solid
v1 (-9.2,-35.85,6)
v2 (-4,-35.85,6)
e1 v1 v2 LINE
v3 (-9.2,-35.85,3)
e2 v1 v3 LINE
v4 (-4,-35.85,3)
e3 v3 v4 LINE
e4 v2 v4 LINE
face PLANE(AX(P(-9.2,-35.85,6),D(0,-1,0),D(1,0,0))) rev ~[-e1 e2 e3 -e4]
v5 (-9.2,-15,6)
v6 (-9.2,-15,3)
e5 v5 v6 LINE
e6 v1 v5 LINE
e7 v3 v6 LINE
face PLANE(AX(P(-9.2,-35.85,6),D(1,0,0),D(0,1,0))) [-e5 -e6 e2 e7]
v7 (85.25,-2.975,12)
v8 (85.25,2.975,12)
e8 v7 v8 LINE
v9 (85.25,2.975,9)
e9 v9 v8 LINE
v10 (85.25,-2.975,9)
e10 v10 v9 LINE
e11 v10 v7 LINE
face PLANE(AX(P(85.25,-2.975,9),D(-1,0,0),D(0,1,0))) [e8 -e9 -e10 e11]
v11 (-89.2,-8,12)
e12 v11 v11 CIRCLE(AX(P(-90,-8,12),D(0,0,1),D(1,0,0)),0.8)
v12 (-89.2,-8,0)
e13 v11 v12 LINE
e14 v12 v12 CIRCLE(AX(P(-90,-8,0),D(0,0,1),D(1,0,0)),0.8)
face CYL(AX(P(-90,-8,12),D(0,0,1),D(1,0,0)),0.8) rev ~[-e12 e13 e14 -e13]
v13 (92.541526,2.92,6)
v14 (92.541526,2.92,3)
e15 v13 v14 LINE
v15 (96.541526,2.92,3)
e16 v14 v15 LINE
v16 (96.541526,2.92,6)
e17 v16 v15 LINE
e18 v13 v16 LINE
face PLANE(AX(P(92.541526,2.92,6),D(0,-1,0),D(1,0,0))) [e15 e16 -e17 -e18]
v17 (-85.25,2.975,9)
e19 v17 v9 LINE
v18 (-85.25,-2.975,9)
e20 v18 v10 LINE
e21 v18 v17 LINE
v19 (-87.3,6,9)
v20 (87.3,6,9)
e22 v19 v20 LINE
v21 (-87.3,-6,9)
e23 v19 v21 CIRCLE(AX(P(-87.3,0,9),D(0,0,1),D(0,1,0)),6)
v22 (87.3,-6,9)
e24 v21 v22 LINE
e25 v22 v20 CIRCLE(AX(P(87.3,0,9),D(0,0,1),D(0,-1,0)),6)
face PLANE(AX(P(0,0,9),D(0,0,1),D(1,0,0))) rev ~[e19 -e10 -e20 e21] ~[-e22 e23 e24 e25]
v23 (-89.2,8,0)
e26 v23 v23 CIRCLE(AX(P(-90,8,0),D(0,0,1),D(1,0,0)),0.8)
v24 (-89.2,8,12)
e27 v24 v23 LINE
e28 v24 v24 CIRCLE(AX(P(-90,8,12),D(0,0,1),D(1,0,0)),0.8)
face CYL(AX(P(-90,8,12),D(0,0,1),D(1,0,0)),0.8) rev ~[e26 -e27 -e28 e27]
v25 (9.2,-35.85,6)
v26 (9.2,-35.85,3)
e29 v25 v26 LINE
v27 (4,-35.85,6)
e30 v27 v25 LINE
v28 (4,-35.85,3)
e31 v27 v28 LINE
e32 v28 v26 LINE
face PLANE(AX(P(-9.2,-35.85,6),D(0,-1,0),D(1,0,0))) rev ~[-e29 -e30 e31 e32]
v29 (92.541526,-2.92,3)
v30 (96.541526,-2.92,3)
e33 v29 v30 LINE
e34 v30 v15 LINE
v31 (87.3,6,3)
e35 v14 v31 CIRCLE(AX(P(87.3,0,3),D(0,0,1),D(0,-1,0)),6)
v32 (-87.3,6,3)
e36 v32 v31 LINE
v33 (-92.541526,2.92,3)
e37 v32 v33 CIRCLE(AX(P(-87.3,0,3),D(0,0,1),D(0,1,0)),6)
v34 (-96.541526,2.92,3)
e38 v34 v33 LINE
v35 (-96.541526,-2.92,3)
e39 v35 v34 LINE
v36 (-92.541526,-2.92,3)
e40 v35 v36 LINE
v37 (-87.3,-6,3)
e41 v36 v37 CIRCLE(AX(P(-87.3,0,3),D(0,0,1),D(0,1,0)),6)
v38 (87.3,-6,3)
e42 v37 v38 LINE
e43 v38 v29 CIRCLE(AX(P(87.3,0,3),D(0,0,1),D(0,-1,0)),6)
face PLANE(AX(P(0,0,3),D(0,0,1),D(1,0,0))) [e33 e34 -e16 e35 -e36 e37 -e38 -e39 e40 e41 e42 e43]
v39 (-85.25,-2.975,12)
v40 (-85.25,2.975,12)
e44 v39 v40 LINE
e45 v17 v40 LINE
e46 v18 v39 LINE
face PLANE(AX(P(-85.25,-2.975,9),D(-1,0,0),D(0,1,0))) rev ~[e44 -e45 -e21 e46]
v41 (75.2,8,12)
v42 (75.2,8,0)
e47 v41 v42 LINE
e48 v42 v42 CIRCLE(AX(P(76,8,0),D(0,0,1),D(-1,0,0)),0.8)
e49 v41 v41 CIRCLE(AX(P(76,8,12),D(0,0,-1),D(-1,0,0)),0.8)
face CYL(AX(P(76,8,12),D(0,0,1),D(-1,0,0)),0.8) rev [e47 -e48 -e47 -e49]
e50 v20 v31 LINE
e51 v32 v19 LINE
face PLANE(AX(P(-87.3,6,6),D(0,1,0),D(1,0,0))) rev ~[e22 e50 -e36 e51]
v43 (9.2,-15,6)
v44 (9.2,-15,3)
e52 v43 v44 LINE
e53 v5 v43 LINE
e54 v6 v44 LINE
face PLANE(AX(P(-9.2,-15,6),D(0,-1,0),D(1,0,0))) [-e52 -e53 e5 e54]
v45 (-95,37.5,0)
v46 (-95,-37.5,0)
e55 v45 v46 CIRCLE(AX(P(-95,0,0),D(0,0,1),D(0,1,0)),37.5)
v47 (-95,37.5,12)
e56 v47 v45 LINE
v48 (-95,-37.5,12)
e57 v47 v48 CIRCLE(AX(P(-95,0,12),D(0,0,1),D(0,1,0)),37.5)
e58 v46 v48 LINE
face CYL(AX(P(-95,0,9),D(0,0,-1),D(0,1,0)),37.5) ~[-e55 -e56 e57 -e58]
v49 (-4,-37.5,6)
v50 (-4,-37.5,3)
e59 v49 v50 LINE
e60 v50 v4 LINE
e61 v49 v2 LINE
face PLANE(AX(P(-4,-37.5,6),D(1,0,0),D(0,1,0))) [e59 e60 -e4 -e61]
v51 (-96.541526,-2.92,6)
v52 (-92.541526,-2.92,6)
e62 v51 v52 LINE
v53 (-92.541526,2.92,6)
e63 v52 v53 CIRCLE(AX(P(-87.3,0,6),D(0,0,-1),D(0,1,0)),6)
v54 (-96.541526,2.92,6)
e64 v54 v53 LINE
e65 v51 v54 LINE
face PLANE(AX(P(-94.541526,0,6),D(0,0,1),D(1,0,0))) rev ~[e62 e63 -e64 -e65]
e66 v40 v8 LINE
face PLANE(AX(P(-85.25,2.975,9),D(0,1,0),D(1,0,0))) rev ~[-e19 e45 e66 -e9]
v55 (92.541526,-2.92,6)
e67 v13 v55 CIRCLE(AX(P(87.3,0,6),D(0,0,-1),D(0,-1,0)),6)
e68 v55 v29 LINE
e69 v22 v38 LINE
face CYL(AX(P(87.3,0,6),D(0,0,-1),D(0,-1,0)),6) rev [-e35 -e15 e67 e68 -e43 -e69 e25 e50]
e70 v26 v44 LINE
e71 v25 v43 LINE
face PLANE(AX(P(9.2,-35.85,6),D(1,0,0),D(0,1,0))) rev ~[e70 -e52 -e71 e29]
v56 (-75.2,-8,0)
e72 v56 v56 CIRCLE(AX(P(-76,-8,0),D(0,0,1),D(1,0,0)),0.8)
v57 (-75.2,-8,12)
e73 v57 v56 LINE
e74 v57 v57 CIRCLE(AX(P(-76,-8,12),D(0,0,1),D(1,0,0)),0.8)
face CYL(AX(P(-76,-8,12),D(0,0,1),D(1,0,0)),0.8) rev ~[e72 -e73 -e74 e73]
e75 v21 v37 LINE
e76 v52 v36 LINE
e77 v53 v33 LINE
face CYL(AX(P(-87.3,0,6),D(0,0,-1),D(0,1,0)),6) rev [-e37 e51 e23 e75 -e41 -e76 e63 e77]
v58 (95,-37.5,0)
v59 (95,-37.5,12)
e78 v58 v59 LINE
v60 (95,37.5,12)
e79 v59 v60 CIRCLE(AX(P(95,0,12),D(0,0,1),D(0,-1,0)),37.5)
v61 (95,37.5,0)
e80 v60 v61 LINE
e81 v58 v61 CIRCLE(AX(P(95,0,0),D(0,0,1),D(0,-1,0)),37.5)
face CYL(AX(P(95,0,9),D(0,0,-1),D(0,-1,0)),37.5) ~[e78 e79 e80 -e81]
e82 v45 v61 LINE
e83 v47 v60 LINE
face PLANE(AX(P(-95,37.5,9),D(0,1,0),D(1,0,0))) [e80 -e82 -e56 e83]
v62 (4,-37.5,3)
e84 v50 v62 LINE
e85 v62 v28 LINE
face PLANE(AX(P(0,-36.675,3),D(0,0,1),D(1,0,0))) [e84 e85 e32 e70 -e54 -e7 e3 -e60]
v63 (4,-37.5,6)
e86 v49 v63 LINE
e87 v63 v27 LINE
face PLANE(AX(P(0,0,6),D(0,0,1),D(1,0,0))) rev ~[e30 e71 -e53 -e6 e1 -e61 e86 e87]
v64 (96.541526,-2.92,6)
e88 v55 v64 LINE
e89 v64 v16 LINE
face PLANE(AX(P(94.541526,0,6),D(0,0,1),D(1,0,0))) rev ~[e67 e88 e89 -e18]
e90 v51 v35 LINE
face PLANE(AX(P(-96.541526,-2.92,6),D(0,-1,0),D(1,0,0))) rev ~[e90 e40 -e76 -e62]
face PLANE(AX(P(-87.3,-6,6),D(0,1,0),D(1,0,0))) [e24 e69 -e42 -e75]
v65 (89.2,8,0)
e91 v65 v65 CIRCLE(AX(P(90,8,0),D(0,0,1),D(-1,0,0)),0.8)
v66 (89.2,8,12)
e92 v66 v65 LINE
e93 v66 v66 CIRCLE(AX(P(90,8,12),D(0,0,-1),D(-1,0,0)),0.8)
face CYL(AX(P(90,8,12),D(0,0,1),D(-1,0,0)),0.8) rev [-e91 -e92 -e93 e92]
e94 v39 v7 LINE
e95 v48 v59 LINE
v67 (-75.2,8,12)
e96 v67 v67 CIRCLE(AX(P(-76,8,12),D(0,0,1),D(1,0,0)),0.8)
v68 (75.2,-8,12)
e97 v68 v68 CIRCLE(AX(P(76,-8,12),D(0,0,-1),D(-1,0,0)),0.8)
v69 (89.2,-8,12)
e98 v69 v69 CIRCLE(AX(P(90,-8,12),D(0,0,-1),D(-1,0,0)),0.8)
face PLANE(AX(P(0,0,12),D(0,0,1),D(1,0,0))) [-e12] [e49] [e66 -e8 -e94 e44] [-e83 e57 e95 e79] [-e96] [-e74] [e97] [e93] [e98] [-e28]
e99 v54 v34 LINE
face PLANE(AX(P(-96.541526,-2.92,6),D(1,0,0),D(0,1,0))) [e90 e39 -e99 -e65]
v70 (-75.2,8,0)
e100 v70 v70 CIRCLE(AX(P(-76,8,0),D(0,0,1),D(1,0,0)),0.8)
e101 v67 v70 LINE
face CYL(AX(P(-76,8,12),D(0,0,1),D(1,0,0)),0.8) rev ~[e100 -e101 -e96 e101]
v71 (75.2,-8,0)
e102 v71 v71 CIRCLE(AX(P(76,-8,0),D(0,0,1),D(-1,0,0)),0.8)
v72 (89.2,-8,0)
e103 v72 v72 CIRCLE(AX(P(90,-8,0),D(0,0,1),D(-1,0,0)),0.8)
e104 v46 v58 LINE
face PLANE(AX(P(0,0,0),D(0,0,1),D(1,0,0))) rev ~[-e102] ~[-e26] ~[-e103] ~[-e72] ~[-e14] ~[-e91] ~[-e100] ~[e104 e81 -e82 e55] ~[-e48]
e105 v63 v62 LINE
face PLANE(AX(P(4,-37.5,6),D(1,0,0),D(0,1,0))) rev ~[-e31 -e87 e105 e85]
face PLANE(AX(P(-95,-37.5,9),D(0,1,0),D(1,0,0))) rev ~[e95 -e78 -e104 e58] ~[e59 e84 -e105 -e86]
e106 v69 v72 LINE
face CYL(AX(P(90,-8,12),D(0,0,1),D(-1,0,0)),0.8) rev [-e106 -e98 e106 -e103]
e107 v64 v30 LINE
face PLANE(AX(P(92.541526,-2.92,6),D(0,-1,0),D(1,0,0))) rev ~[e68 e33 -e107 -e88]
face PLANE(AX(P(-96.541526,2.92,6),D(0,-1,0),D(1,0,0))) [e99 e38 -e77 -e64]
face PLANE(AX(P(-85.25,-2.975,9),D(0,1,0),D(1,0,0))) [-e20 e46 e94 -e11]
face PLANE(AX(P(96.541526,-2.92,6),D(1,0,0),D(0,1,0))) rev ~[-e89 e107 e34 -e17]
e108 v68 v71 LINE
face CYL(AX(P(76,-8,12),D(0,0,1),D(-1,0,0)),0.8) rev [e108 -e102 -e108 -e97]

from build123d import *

# Parameters (mm, degrees)
PAD_DEPTH       = 6
POCKET_DEPTH    = 3
SKETCH002_W     = 18.4
SKETCH002_H     = 20.85
POCKET001_DEPTH = 3
SKETCH003_W     = 8
SKETCH003_H     = 1.65
POCKET002_DEPTH = 3
PAD001_DEPTH    = 3
SKETCH005_W     = 170.5
SKETCH005_H     = 5.95
PAD002_DEPTH    = 3
SKETCH007_R     = 0.8
POCKET003_DEPTH = 563.341185
SKETCH008_W     = 4
SKETCH008_H     = 5.84
POCKET004_DEPTH = 3


with BuildPart() as part:
    # Sketch → Pad (new body)
    with BuildSketch(Plane.XY):
        with BuildLine():
            ThreePointArc((-95, 37.5), (-132.5, 0), (-95, -37.5))
            Line((-95, -37.5), (95, -37.5))
            ThreePointArc((95, -37.5), (132.5, 0), (95, 37.5))
            Line((-95, 37.5), (95, 37.5))
        make_face()
    extrude(amount=PAD_DEPTH)

    # Sketch001 (on Face6 of Pad) → Pocket (cut)
    with BuildSketch(Plane.XY.offset(6)):
        with BuildLine():
            ThreePointArc((-87.3, 6), (-93.3, 0), (-87.3, -6))
            Line((-87.3, -6), (87.3, -6))
            ThreePointArc((87.3, -6), (93.3, 0), (87.3, 6))
            Line((-87.3, 6), (87.3, 6))
        make_face()
    extrude(amount=-POCKET_DEPTH, mode=Mode.SUBTRACT)

    # Sketch002 (on Face5 of Pocket) → Pocket001 (cut)
    with BuildSketch(Plane.XY.offset(6)):
        with Locations((0, -25.425)):
            Rectangle(SKETCH002_W, SKETCH002_H)
    extrude(amount=-POCKET001_DEPTH, mode=Mode.SUBTRACT)

    # Sketch003 (on Face5 of Pocket001) → Pocket002 (cut)
    with BuildSketch(Plane.XY.offset(6)):
        with Locations((0, -36.675)):
            Rectangle(SKETCH003_W, SKETCH003_H)
    extrude(amount=-POCKET002_DEPTH, mode=Mode.SUBTRACT)

    # Sketch004 (on Face5 of Pocket002) → Pad001 (join)
    with BuildSketch(Plane.XY.offset(6)):
        with BuildLine():
            ThreePointArc((-95, 37.5), (-132.5, 0), (-95, -37.5))
            Line((-95, -37.5), (95, -37.5))
            ThreePointArc((95, -37.5), (132.5, 0), (95, 37.5))
            Line((-95, 37.5), (95, 37.5))
        make_face()
        with BuildLine():
            ThreePointArc((-87.3, 6), (-93.3, 0), (-87.3, -6))
            Line((-87.3, -6), (87.3, -6))
            ThreePointArc((87.3, -6), (93.3, 0), (87.3, 6))
            Line((-87.3, 6), (87.3, 6))
        make_face(mode=Mode.SUBTRACT)
    extrude(amount=PAD001_DEPTH)

    # Sketch005 (on Face12 of Pad001) → Pad002 (join)
    with BuildSketch(Plane.XY.offset(9)):
        with BuildLine():
            ThreePointArc((-95, 37.5), (-132.5, 0), (-95, -37.5))
            Line((-95, -37.5), (95, -37.5))
            ThreePointArc((95, -37.5), (132.5, 0), (95, 37.5))
            Line((-95, 37.5), (95, 37.5))
        make_face()
        Rectangle(SKETCH005_W, SKETCH005_H, mode=Mode.SUBTRACT)
    extrude(amount=PAD002_DEPTH)

    # Sketch007 (on Face20 of Pad002) → Pocket003 (cut, through all)
    with BuildSketch(Plane.XY.offset(12)):
        with Locations((-90, -8)):
            Circle(SKETCH007_R)
        with Locations((-90, 8)):
            Circle(SKETCH007_R)
        with Locations((-76, 8)):
            Circle(SKETCH007_R)
        with Locations((-76, -8)):
            Circle(SKETCH007_R)
    pocket003 = extrude(amount=-POCKET003_DEPTH, mode=Mode.SUBTRACT)

    # Mirrored: Pocket003 across Sketch007 V_Axis
    add(pocket003.mirror(Plane(origin=(0, 0, 12), x_dir=(0, 0, 1), z_dir=(1, 0, 0))), mode=Mode.SUBTRACT)

    # Sketch008 (on Face5 of Pocket) → Pocket004 (cut)
    with BuildSketch(Plane.XY.offset(6)):
        with Locations((-94.541526, 0)):
            Rectangle(SKETCH008_W, SKETCH008_H)
        with Locations((94.541526, 0)):
            Rectangle(SKETCH008_W, SKETCH008_H)
    extrude(amount=-POCKET004_DEPTH, mode=Mode.SUBTRACT)


solid = part.part
